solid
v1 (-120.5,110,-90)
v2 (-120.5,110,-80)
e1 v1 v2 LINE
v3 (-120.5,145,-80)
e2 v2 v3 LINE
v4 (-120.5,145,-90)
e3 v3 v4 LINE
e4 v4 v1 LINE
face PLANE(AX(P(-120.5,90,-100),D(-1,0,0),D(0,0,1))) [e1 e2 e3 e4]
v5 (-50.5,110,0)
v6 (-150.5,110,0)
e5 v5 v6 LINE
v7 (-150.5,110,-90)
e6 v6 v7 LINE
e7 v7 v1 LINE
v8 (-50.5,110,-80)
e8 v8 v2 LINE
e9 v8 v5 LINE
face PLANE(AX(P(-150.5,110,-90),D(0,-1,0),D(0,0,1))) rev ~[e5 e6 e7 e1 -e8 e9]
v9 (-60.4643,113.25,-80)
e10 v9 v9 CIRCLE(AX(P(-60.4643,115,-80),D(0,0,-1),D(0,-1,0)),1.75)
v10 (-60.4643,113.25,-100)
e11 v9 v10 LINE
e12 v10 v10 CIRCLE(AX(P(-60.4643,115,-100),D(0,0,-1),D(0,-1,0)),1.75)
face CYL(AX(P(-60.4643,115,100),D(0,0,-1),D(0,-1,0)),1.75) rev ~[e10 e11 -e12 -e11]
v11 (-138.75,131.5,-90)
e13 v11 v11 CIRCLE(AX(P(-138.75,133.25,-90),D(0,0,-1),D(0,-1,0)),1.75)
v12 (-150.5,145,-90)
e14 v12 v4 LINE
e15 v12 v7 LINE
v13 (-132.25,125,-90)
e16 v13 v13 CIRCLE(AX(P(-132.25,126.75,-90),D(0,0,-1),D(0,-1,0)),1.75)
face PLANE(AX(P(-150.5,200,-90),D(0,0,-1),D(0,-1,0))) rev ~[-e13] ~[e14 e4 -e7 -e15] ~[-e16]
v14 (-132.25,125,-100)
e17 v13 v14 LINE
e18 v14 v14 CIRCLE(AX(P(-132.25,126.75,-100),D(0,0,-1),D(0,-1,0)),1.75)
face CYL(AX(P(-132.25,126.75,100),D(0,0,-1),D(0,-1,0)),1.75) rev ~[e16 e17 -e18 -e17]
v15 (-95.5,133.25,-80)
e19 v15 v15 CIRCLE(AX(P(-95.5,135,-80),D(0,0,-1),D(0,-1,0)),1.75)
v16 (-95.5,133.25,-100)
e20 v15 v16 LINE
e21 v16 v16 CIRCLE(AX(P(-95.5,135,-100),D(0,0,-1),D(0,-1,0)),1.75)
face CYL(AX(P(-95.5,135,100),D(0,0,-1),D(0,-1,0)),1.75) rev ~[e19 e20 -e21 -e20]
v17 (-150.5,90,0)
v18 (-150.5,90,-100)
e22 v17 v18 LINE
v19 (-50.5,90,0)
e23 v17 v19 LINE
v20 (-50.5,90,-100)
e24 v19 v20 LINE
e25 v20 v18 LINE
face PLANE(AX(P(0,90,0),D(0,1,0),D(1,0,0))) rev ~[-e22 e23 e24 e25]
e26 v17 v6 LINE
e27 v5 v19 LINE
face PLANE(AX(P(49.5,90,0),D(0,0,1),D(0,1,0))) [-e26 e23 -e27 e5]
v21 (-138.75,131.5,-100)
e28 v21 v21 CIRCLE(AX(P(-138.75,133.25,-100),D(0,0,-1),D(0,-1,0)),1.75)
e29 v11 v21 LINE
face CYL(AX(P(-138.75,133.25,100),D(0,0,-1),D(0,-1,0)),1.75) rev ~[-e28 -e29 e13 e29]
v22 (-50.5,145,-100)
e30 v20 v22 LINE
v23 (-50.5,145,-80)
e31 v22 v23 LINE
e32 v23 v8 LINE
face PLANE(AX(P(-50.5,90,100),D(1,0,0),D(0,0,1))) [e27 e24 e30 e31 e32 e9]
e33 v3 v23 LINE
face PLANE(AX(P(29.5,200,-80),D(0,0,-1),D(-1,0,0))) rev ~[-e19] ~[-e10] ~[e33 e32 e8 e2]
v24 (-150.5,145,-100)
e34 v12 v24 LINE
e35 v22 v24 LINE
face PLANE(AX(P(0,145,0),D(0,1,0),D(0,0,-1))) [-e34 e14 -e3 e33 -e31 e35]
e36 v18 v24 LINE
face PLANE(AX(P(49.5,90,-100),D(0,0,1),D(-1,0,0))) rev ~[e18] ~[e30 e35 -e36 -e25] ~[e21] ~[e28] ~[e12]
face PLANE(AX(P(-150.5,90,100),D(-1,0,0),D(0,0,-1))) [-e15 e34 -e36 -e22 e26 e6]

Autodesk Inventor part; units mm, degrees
ref_plane "YZ Plane" through (0, 0, 0) normal (1, 0, 0) x (0, 1, 0)
ref_plane "XZ Plane" through (0, 0, 0) normal (0, 1, 0) x (-1, 0, 0)
ref_plane "XY Plane" through (0, 0, 0) normal (0, 0, 1) x (1, 0, 0)
sketch "Boceto2" plane through (0, 0, 0) normal (0, 1, 0) x (-1, 0, 0)
  line L0 (7.5, 100) -> (-7.5, 100)
  line L1 (-7.5, 100) -> (-7.5, -100)
  line L2 (-7.5, -100) -> (7.5, -100)
  line L3 (7.5, -100) -> (7.5, 100)
  line L4 (7.5, 100) -> (-7.5, -100) construction
  line L5 (-7.5, 100) -> (7.5, -100) construction
  point P0 (0, 0)
  dimension "d7" = 15
  dimension "d8" = 200
extrude "Extrusión1" add sketch "Boceto2" along normal blind 10
sketch "Boceto3" plane through (0, 10, 0) normal (0, 1, 0) x (1, 0, 0)
  circle A0 centre (3.25, 58.25) radius 1.75
  line L0 (5, 50) -> (-5, 50)
  line L1 (-5, 50) -> (-5, 60)
  line L2 (-5, 60) -> (5, 60)
  line L3 (5, 60) -> (5, 50)
  line L4 (5, 50) -> (-5, 60) construction
  line L5 (-5, 50) -> (5, 60) construction
  circle A1 centre (-3.25, 51.75) radius 1.75
  line L6 (7.5, 100) -> (-7.5, 100) projected
  line L7 (-7.5, 0) -> (3.408, 0)
  line L8 (5, -60) -> (5, -50)
  line L9 (-5, -60) -> (5, -60)
  line L10 (5, -50) -> (-5, -50)
  line L11 (-5, -50) -> (-5, -60)
  line L12 (-5, -50) -> (5, -60) construction
  circle A2 centre (-3.25, -51.75) radius 1.75
  line L13 (5, -50) -> (-5, -60) construction
  circle A3 centre (3.25, -58.25) radius 1.75
  line L14 (-7.5, -100) -> (7.5, -100) projected
  point P0 (0, 0)
  point P1 (-5, 55)
  point P2 (0, 100)
  point P3 (-5, -55)
  dimension "d11" = 3.5
  dimension "d12" = 1.75
  dimension "d13" = 1.75
  dimension "d14" = 1.75
  dimension "d15" = 1.75
  dimension "d16" = 10
  dimension "d17" = 10
  dimension "d19" = 40
  dimension "d81" = 40
hole "Agujero1" at (3.25, 10, 58.25) at (-3.25, 10, 51.75) at (3.25, 10, -58.25) at (-3.25, 10, -51.75) direction (0, -1, 0) diameter 3.5 end through all
sketch "Boceto4" plane through (0, 10, 0) normal (0, 1, 0) x (1, 0, 0)
  line L0 (-7.5, 100) -> (-7.5, -100) projected
  line L1 (-7.5, -100) -> (7.5, -100)
  line L2 (7.5, -100) -> (7.5, -80)
  line L3 (7.5, -80) -> (-7.5, -80)
  line L4 (-7.5, -80) -> (-7.5, -100)
  line L5 (-7.5, 0) -> (1.0116, 0)
  line L6 (-7.5, -100) -> (-7.5, 100)
  line L7 (-7.5, 100) -> (7.5, 100)
  line L8 (7.5, 100) -> (7.5, 80)
  line L9 (7.5, 80) -> (-7.5, 80)
  line L10 (-7.5, 80) -> (-7.5, 100)
  point P0 (0, 0)
  point P1 (-7.5, -80)
  point P2 (-7.5, 80)
  dimension "d27" = 15
  dimension "d28" = 20
extrude "Extrusión2" add sketch "Boceto4" along normal blind 80
sketch "Boceto5" plane through (0, 90, 0) normal (0, 1, 0) x (1, 0, 0)
  line L0 (-7.5, -100) -> (7.5, -100) projected
  line L1 (-7.5, -100) -> (49.5, -100)
  line L2 (49.5, -100) -> (49.5, 100)
  line L3 (49.5, 100) -> (-7.5, 100)
  line L4 (-7.5, 100) -> (-7.5, -100)
  line L5 (49.5, -100) -> (-150.5, -100)
  line L6 (-150.5, -100) -> (-150.5, 100)
  line L7 (-150.5, 100) -> (49.5, 100)
  line L8 (49.5, 100) -> (49.5, -100)
  point P0 (0, 0)
  point P1 (-7.5, 100)
  dimension "d31" = 57
  dimension "d32" = 200
  dimension "d75" = 200
extrude "Extrusión3" add sketch "Boceto5" along normal blind 110
sketch "Boceto6" plane through (0, 200, 0) normal (0, 1, 0) x (1, 0, 0)
  line L0 (49.5, 100) -> (7.5, 100) projected
  line L1 (49.5, 100) -> (29.5, 100)
  line L2 (29.5, 100) -> (29.5, 80)
  line L3 (7.5, -100) -> (49.5, -100) projected
  line L4 (28.5, -100) -> (28.5, -80)
  line L5 (-150.5, 100) -> (-150.5, -100) projected
  line L6 (29.5, 80) -> (-150.5, 80)
  line L7 (-150.5, 80) -> (-150.5, -80)
  line L8 (-150.5, -80) -> (29.5, -80)
  line L9 (29.5, -80) -> (29.5, 80)
  line L10 (-150.5, -100) -> (49.5, -100) projected
  point P0 (7.5, 80)
  point P1 (-50.5, -100)
  dimension "d36" = 20
  dimension "d37" = 20
  dimension "d38" = 20
  dimension "d77" = 20
extrude "Extrusión4" cut sketch "Boceto6" against normal blind 90 contours L8 L5 L6 L9
sketch "Boceto7" plane through (-150.5, 90, -100) normal (-1, 0, 0) x (0, 0, 1)
  line L0 (0, 110) -> (20, 110) projected
  line L1 (20, 110) -> (10, 110)
  line L2 (10, 110) -> (10, 20)
  line L3 (10, 20) -> (20, 20)
  line L4 (20, 20) -> (20, 110)
  line L5 (180, 110) -> (180, 20) projected
  line L6 (180, 110) -> (190, 110)
  line L7 (190, 110) -> (190, 20)
  line L8 (190, 20) -> (180, 20)
  line L9 (180, 20) -> (180, 110)
  line L10 (200, 0) -> (200, 110) projected
  line L11 (0, 0) -> (0, 110) projected
  line L12 (0, 110) -> (10, 110)
  line L13 (10, 110) -> (10, 20)
  line L14 (10, 20) -> (0, 20)
  line L15 (0, 20) -> (0, 110)
  line L16 (200, 110) -> (0, 110) projected
  line L17 (200, 110) -> (190, 110)
  line L18 (190, 110) -> (190, 20)
  line L19 (190, 20) -> (200, 20)
  line L20 (200, 20) -> (200, 110)
  point P0 (100, -90)
  dimension "d63" = 10
  dimension "d65" = 10
  dimension "d76" = 10
extrude "Extrusión5" cut sketch "Boceto7" against normal blind 30 contours L6 L7 L8 L5 | L0 L4 L3 L2
sketch "Boceto8" plane through (-7.5, 0, 100) normal (0, 0, 1) x (1, 0, 0)
  line L0 (-113, 110) -> (-113, 200) projected
  line L1 (-113, 200) -> (-113, 110)
  circle A0 centre (-124.75, 183.25) radius 1.75
  line L2 (-123, 175) -> (-133, 175)
  line L3 (-133, 175) -> (-133, 185)
  line L4 (-133, 185) -> (-123, 185)
  line L5 (-123, 185) -> (-123, 175)
  line L6 (-123, 175) -> (-133, 185) construction
  line L7 (-133, 175) -> (-123, 185) construction
  circle A1 centre (-131.25, 176.75) radius 1.75
  line L8 (-143, 200) -> (57, 200) projected
  line L9 (-143, 90) -> (-143, 200) projected
  line L10 (-113, 155) -> (-128, 155)
  line L11 (-123, 125) -> (-123, 135)
  line L12 (-133, 125) -> (-123, 125)
  line L13 (-123, 135) -> (-133, 125) construction
  line L14 (-123, 135) -> (-133, 135)
  line L15 (-133, 135) -> (-123, 125) construction
  circle A2 centre (-131.25, 133.25) radius 1.75
  line L16 (-133, 135) -> (-133, 125)
  circle A3 centre (-124.75, 126.75) radius 1.75
  line L17 (-143, 110) -> (-113, 110) projected
  point P0 (7.5, 0)
  point P1 (-133, 180)
  point P2 (-123, 180)
  point P3 (-133, 130)
  point P4 (-123, 130)
  dimension "d45" = 3.5
  dimension "d46" = 1.75
  dimension "d47" = 1.75
  dimension "d48" = 1.75
  dimension "d49" = 1.75
  dimension "d50" = 10
  dimension "d51" = 10
  dimension "d52" = 15
  dimension "d53" = 10
  dimension "d54" = 10
  dimension "d55" = 15
hole "Agujero2" at (-132.25, 183.25, 100) at (-138.75, 176.75, 100) at (-138.75, 133.25, 100) at (-132.25, 126.75, 100) direction (0, 0, -1) diameter 3.5 end through all
ref_plane "Plano de trabajo1" through (-150.5, 90, 100) normal (0, -1, 0) x (1, 0, 0)
split "Dividir1" plane through (-150.5, 90, 100) removes the side toward (0, -1, 0)
ref_plane "Plano de trabajo2" through (49.5, 90, 0) normal (0, 0, -1) x (-1, 0, 0)
ref_plane "Plano de trabajo3" through (-50.5, 90, 100) normal (1, 0, 0) x (0, 0, -1)
ref_plane "Plano de trabajo4" through (0, 145, 0) normal (0, 1, 0) x (1, 0, 0)
sketch "Boceto9" plane through (-150.5, 90, 100) normal (0, 0, 1) x (1, 0, 0)
  line L0 (85.0357, 30) -> (115.0357, 30)
  circle A0 centre (110.0357, 25) radius 1.75
  line L1 (90.0357, 25) -> (110.0357, 25)
  line L2 (115.0357, 30) -> (115.0357, 20)
  circle A1 centre (90.0357, 25) radius 1.75
  line L3 (85.0357, 20) -> (115.0357, 30) construction
  line L4 (85.0357, 30) -> (115.0357, 20) construction
  line L5 (85.0357, 20) -> (85.0357, 30)
  line L6 (115.0357, 20) -> (85.0357, 20)
  line L7 (200, 0) -> (200, 110)
  line L8 (200, 55) -> (88.2857, 55)
  circle A2 centre (90.0357, 85) radius 1.75
  line L9 (85.0357, 80) -> (115.0357, 80)
  line L10 (85.0357, 80) -> (115.0357, 90) construction
  line L11 (85.0357, 90) -> (85.0357, 80)
  line L12 (115.0357, 90) -> (85.0357, 90)
  line L13 (85.0357, 90) -> (115.0357, 80) construction
  circle A3 centre (110.0357, 85) radius 1.75
  line L14 (90.0357, 85) -> (110.0357, 85)
  line L15 (115.0357, 80) -> (115.0357, 90)
  line L16 (100.0357, 55) -> (185.099, 55) construction
  line L17 (160, 70) -> (160, 40)
  circle A4 centre (165, 45) radius 1.75
  line L18 (170, 40) -> (170, 70)
  line L19 (170, 70) -> (160, 40) construction
  line L20 (160, 40) -> (170, 40)
  line L21 (160, 70) -> (170, 40) construction
  circle A5 centre (165, 65) radius 1.75
  line L22 (165, 65) -> (165, 45)
  line L23 (170, 70) -> (160, 70)
  circle A6 centre (55, 65) radius 1.75
  line L24 (60, 70) -> (60, 40)
  line L25 (60, 40) -> (50, 40)
  circle A7 centre (55, 45) radius 1.75
  line L26 (55, 65) -> (55, 45)
  line L27 (60, 70) -> (50, 40) construction
  line L28 (50, 40) -> (50, 70)
  line L29 (50, 70) -> (60, 40) construction
  line L30 (50, 70) -> (60, 70)
  line L31 (30, 110) -> (30, 20)
  point P0 (150.5, -90)
  point P1 (100.0357, 34.7141)
  point P2 (100.0357, 34.7141)
  point P3 (85.0357, 36.6749)
  point P4 (115.0357, 25)
  point P5 (115.0357, 85)
  point P6 (189.1833, 40)
  point P7 (165, 70)
  point P8 (70.0357, 40)
  point P9 (55, 70)
  dimension "d89" = 10
  dimension "d90" = 30
  dimension "d91" = 5
  dimension "d92" = 5
  dimension "d93" = 5
  dimension "d94" = 5
  dimension "d95" = 30
  dimension "d96" = 5
  dimension "d97" = 5
  dimension "d98" = 3.5
  dimension "d99" = 5
  dimension "d100" = 5
  dimension "d101" = 5
  dimension "d102" = 5
  dimension "d103" = 5
  dimension "d104" = 20
hole "Agujero3" at (-60.4643, 175, 100) at (-40.4643, 175, 100) at (14.5, 155, 100) at (-95.5, 155, 100) at (-95.5, 135, 100) at (-60.4643, 115, 100) at (-40.4643, 115, 100) at (14.5, 135, 100) direction (0, 0, -1) diameter 3.5 end through all
sketch "Boceto10" plane through (49.5, 90, 100) normal (1, 0, 0) x (0, 0, -1)
  line L0 (85.0357, 30) -> (115.0357, 30)
  circle A0 centre (110.0357, 25) radius 1.75
  line L1 (90.0357, 25) -> (110.0357, 25)
  line L2 (115.0357, 30) -> (115.0357, 20)
  circle A1 centre (90.0357, 25) radius 1.75
  line L3 (85.0357, 30) -> (115.0357, 20) construction
  line L4 (85.0357, 20) -> (85.0357, 30)
  line L5 (115.0357, 20) -> (85.0357, 20)
  line L6 (85.0357, 20) -> (115.0357, 30) construction
  line L7 (160, 70) -> (160, 40)
  circle A2 centre (165, 45) radius 1.75
  line L8 (160, 40) -> (170, 40)
  line L9 (165, 65) -> (165, 45)
  circle A3 centre (165, 65) radius 1.75
  line L10 (170, 70) -> (160, 40) construction
  line L11 (170, 70) -> (160, 70)
  line L12 (160, 70) -> (170, 40) construction
  line L13 (170, 40) -> (170, 70)
  line L14 (40, 70) -> (40, 40)
  line L15 (35, 65) -> (35, 45)
  circle A4 centre (35, 65) radius 1.75
  line L16 (40, 40) -> (30, 40)
  line L17 (40, 70) -> (30, 40) construction
  line L18 (30, 70) -> (40, 40) construction
  line L19 (30, 70) -> (40, 70)
  line L20 (30, 40) -> (30, 70)
  circle A5 centre (35, 45) radius 1.75
  circle A6 centre (90.0357, 85) radius 1.75
  line L21 (85.0357, 80) -> (115.0357, 80)
  line L22 (115.0357, 80) -> (115.0357, 90)
  circle A7 centre (110.0357, 85) radius 1.75
  line L23 (90.0357, 85) -> (110.0357, 85)
  line L24 (85.0357, 80) -> (115.0357, 90) construction
  line L25 (85.0357, 90) -> (85.0357, 80)
  line L26 (115.0357, 90) -> (85.0357, 90)
  line L27 (85.0357, 90) -> (115.0357, 80) construction
  line L28 (0, 0) -> (0, 110)
  line L29 (200, 0) -> (200, 110)
  point P0 (100, -90)
  point P1 (100.0357, 34.7141)
  point P2 (100.0357, 34.7141)
  point P3 (85.0357, 36.6749)
  point P4 (115.0357, 25)
  point P5 (88.2857, 55)
  point P6 (189.1833, 40)
  point P7 (165, 70)
  point P8 (70.0357, 40)
  point P9 (35, 70)
  point P10 (115.0357, 85)
  point P11 (100.0357, 55)
  dimension "d112" = 10
  dimension "d113" = 30
  dimension "d114" = 5
  dimension "d115" = 5
  dimension "d116" = 5
  dimension "d117" = 5
  dimension "d118" = 5
  dimension "d119" = 5
  dimension "d120" = 3.5
  dimension "d121" = 5
  dimension "d122" = 5
  dimension "d123" = 5
  dimension "d124" = 5
  dimension "d125" = 5
  dimension "d126" = 30
  dimension "d127" = 30
hole "Agujero4" at (49.5, 175, 9.9643) at (49.5, 175, -10.0357) at (49.5, 155, 65) at (49.5, 135, 65) at (49.5, 115, 9.9643) at (49.5, 115, -10.0357) at (49.5, 135, -65) at (49.5, 155, -65) direction (-1, 0, 0) diameter 3.5 end through all
split "Dividir2" plane through (-50.5, 90, 100) removes the side toward (1, 0, 0)
split "Dividir3" plane through (0, 145, 0) removes the side toward (0, 1, 0)
split "Dividir4" plane through (49.5, 90, 0) removes the side toward (0, 0, 1)
properties part number "container_front_head_3"
